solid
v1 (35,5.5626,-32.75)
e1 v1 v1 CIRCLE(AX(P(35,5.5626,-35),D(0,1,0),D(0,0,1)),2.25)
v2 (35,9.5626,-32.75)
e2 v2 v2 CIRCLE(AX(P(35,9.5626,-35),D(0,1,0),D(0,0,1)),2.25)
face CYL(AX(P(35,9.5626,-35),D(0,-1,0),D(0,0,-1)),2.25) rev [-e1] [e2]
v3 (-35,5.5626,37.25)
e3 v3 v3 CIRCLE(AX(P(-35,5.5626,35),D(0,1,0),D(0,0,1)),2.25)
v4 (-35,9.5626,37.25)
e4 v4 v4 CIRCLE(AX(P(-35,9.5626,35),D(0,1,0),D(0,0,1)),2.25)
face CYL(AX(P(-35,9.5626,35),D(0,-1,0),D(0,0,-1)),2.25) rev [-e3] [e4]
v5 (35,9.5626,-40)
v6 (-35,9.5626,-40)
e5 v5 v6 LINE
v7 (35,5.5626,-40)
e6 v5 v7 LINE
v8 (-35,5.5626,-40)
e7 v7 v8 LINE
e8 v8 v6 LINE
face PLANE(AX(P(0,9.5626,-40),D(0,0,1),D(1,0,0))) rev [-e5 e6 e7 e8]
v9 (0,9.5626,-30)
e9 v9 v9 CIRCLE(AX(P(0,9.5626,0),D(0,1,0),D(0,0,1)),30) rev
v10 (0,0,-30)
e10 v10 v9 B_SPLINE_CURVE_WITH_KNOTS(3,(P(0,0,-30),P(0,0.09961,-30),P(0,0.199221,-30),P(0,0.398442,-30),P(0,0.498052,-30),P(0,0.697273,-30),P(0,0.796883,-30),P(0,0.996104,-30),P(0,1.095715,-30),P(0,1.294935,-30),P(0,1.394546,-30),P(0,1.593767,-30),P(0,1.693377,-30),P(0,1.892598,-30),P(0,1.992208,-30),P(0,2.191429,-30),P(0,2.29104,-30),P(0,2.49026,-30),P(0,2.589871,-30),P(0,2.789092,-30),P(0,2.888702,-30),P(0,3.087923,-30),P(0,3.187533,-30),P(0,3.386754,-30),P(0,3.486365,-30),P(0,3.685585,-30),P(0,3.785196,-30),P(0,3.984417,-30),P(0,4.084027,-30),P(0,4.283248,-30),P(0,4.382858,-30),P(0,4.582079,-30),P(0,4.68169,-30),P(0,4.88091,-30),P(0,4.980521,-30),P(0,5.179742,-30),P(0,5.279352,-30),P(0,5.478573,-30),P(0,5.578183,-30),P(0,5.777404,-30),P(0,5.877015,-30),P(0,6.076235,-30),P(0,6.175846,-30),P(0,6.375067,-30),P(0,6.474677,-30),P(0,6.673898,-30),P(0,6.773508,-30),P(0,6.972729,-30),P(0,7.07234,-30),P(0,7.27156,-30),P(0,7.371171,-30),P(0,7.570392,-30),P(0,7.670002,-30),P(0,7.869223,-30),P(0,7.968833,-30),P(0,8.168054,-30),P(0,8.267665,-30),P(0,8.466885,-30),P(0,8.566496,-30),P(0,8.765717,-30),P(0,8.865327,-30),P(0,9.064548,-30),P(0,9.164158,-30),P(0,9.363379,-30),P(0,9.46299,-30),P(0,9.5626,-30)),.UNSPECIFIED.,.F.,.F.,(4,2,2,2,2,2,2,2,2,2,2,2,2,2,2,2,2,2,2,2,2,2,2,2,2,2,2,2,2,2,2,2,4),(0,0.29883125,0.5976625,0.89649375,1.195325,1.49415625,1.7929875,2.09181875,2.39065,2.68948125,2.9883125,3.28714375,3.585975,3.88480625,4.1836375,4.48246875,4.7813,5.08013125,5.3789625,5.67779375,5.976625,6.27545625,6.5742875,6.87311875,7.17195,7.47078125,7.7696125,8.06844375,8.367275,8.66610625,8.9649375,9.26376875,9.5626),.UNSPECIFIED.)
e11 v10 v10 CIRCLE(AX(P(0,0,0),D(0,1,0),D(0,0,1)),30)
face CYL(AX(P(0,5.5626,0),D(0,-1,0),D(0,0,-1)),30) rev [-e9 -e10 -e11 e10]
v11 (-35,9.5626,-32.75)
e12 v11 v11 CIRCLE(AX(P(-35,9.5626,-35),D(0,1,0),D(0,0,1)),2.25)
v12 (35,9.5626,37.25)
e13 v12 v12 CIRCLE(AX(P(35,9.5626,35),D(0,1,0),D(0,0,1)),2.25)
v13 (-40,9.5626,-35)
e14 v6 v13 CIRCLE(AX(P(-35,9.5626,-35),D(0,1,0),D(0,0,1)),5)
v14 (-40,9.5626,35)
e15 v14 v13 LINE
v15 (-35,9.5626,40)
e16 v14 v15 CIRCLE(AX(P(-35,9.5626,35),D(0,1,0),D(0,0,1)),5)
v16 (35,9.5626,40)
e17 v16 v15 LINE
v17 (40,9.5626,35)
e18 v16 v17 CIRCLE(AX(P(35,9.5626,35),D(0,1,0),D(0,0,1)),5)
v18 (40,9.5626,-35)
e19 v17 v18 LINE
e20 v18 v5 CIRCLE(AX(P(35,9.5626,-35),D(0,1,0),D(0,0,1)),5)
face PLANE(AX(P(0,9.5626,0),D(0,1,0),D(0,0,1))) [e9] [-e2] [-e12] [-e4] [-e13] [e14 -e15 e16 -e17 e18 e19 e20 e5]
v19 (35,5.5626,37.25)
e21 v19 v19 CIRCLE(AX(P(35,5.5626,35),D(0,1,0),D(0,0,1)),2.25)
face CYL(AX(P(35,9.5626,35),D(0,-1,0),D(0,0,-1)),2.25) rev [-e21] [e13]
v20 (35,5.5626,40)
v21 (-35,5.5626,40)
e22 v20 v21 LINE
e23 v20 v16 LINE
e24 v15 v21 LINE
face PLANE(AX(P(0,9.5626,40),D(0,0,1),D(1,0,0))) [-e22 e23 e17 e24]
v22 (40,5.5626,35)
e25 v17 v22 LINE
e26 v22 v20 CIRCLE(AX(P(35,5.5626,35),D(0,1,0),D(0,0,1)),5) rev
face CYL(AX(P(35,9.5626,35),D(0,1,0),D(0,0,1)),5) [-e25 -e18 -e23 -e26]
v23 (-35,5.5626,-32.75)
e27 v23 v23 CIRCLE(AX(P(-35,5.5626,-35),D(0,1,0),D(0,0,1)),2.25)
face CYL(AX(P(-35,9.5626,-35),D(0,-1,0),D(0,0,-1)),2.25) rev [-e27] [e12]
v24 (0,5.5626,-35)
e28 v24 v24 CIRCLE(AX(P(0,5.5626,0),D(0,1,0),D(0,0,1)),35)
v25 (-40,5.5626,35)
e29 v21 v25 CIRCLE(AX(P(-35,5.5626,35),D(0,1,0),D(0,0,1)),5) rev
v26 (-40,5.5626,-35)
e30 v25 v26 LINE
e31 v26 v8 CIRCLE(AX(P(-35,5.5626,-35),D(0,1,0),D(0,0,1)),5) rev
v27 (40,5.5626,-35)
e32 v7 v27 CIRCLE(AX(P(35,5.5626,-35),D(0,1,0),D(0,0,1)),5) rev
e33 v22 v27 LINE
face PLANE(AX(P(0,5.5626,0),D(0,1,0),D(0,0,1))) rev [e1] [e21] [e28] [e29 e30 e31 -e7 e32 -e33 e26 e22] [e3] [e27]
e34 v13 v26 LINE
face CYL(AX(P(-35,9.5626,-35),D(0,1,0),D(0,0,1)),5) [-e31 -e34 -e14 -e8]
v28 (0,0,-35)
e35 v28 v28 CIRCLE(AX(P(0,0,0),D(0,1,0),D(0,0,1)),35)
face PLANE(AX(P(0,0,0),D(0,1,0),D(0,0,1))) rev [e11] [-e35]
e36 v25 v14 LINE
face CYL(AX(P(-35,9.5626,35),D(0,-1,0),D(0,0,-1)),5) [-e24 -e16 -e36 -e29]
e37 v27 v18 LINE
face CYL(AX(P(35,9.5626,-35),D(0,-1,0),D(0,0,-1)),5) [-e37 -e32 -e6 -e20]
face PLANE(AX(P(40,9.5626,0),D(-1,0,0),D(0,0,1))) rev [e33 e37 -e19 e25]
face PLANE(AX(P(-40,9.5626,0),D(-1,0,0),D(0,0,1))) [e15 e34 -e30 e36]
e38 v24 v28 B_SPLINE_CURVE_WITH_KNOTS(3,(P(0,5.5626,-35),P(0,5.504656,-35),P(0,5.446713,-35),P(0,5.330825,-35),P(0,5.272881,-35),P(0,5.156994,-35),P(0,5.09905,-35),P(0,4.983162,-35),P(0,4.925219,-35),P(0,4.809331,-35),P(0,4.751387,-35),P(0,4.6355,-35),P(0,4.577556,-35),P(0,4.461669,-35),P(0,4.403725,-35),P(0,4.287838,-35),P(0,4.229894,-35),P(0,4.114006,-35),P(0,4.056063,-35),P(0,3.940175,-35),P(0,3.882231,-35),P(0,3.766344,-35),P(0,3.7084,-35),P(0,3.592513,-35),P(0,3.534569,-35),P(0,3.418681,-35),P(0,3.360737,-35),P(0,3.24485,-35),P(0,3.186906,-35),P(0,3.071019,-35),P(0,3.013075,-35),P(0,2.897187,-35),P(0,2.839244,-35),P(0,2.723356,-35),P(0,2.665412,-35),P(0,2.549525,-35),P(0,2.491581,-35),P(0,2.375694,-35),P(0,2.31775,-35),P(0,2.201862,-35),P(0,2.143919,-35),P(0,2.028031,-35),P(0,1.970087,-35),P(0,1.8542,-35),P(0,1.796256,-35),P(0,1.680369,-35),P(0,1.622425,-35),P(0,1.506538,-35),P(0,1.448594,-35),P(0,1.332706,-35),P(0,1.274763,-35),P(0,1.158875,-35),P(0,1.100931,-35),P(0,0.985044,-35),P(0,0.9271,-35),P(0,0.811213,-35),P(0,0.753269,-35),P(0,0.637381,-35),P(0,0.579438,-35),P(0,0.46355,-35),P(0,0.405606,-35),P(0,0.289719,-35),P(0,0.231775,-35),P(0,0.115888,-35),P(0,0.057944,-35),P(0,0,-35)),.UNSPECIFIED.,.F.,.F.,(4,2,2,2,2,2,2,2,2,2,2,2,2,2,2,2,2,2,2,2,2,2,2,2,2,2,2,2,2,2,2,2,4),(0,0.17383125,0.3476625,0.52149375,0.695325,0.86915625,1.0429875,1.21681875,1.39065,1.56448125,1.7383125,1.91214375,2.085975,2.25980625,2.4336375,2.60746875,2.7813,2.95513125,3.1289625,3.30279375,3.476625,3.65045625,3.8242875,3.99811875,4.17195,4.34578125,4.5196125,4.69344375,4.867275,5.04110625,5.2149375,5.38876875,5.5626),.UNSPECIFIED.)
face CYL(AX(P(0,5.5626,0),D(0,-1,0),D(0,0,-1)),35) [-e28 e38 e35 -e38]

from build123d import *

# Parameters (mm, degrees)
SKETCH1_R           = 35
SKETCH1_R_2         = 30
BOSS_EXTRUDE1_DEPTH = 5.5626
SKETCH2_W           = 80
SKETCH2_H           = 80
SKETCH2_R           = 2.25
SKETCH2_R_2         = 30
BOSS_EXTRUDE3_DEPTH = 4
FILLET1_R           = 5


with BuildPart() as part:
    # Sketch1 → Boss-Extrude1 (new body)
    with BuildSketch(Plane(origin=(0, 0, 0), x_dir=(1, 0, 0), z_dir=(0, 1, 0))):
        with Locations(Location((0, 0, 0), (0, 0, 90))):
            Circle(SKETCH1_R)
        with Locations(Location((0, 0, 0), (0, 0, 90))):
            Circle(SKETCH1_R_2, mode=Mode.SUBTRACT)
    extrude(amount=BOSS_EXTRUDE1_DEPTH)

    # Sketch2 → Boss-Extrude3 (add)
    with BuildSketch(Plane(origin=(0, 5.5626, 0), x_dir=(1, 0, 0), z_dir=(0, 1, 0))):
        Rectangle(SKETCH2_W, SKETCH2_H)
        with Locations(Location((-35, -35, 0), (0, 0, 270))):
            Circle(SKETCH2_R, mode=Mode.SUBTRACT)
        with Locations(Location((-35, 35, 0), (0, 0, 270))):
            Circle(SKETCH2_R, mode=Mode.SUBTRACT)
        with Locations(Location((35, 35, 0), (0, 0, 270))):
            Circle(SKETCH2_R, mode=Mode.SUBTRACT)
        with Locations(Location((35, -35, 0), (0, 0, 270))):
            Circle(SKETCH2_R, mode=Mode.SUBTRACT)
        with Locations(Location((0, 0, 0), (0, 0, 90))):
            Circle(SKETCH2_R_2, mode=Mode.SUBTRACT)
    extrude(amount=BOSS_EXTRUDE3_DEPTH)

    # Fillet1
    fillet1_edges = [part.edges().sort_by_distance(p)[0] for p in [
        (-40, 7.5626, -40),
        (-40, 7.5626, 40),
        (40, 7.5626, 40),
        (40, 7.5626, -40),
    ]]
    fillet(fillet1_edges, radius=FILLET1_R)


solid = part.part
